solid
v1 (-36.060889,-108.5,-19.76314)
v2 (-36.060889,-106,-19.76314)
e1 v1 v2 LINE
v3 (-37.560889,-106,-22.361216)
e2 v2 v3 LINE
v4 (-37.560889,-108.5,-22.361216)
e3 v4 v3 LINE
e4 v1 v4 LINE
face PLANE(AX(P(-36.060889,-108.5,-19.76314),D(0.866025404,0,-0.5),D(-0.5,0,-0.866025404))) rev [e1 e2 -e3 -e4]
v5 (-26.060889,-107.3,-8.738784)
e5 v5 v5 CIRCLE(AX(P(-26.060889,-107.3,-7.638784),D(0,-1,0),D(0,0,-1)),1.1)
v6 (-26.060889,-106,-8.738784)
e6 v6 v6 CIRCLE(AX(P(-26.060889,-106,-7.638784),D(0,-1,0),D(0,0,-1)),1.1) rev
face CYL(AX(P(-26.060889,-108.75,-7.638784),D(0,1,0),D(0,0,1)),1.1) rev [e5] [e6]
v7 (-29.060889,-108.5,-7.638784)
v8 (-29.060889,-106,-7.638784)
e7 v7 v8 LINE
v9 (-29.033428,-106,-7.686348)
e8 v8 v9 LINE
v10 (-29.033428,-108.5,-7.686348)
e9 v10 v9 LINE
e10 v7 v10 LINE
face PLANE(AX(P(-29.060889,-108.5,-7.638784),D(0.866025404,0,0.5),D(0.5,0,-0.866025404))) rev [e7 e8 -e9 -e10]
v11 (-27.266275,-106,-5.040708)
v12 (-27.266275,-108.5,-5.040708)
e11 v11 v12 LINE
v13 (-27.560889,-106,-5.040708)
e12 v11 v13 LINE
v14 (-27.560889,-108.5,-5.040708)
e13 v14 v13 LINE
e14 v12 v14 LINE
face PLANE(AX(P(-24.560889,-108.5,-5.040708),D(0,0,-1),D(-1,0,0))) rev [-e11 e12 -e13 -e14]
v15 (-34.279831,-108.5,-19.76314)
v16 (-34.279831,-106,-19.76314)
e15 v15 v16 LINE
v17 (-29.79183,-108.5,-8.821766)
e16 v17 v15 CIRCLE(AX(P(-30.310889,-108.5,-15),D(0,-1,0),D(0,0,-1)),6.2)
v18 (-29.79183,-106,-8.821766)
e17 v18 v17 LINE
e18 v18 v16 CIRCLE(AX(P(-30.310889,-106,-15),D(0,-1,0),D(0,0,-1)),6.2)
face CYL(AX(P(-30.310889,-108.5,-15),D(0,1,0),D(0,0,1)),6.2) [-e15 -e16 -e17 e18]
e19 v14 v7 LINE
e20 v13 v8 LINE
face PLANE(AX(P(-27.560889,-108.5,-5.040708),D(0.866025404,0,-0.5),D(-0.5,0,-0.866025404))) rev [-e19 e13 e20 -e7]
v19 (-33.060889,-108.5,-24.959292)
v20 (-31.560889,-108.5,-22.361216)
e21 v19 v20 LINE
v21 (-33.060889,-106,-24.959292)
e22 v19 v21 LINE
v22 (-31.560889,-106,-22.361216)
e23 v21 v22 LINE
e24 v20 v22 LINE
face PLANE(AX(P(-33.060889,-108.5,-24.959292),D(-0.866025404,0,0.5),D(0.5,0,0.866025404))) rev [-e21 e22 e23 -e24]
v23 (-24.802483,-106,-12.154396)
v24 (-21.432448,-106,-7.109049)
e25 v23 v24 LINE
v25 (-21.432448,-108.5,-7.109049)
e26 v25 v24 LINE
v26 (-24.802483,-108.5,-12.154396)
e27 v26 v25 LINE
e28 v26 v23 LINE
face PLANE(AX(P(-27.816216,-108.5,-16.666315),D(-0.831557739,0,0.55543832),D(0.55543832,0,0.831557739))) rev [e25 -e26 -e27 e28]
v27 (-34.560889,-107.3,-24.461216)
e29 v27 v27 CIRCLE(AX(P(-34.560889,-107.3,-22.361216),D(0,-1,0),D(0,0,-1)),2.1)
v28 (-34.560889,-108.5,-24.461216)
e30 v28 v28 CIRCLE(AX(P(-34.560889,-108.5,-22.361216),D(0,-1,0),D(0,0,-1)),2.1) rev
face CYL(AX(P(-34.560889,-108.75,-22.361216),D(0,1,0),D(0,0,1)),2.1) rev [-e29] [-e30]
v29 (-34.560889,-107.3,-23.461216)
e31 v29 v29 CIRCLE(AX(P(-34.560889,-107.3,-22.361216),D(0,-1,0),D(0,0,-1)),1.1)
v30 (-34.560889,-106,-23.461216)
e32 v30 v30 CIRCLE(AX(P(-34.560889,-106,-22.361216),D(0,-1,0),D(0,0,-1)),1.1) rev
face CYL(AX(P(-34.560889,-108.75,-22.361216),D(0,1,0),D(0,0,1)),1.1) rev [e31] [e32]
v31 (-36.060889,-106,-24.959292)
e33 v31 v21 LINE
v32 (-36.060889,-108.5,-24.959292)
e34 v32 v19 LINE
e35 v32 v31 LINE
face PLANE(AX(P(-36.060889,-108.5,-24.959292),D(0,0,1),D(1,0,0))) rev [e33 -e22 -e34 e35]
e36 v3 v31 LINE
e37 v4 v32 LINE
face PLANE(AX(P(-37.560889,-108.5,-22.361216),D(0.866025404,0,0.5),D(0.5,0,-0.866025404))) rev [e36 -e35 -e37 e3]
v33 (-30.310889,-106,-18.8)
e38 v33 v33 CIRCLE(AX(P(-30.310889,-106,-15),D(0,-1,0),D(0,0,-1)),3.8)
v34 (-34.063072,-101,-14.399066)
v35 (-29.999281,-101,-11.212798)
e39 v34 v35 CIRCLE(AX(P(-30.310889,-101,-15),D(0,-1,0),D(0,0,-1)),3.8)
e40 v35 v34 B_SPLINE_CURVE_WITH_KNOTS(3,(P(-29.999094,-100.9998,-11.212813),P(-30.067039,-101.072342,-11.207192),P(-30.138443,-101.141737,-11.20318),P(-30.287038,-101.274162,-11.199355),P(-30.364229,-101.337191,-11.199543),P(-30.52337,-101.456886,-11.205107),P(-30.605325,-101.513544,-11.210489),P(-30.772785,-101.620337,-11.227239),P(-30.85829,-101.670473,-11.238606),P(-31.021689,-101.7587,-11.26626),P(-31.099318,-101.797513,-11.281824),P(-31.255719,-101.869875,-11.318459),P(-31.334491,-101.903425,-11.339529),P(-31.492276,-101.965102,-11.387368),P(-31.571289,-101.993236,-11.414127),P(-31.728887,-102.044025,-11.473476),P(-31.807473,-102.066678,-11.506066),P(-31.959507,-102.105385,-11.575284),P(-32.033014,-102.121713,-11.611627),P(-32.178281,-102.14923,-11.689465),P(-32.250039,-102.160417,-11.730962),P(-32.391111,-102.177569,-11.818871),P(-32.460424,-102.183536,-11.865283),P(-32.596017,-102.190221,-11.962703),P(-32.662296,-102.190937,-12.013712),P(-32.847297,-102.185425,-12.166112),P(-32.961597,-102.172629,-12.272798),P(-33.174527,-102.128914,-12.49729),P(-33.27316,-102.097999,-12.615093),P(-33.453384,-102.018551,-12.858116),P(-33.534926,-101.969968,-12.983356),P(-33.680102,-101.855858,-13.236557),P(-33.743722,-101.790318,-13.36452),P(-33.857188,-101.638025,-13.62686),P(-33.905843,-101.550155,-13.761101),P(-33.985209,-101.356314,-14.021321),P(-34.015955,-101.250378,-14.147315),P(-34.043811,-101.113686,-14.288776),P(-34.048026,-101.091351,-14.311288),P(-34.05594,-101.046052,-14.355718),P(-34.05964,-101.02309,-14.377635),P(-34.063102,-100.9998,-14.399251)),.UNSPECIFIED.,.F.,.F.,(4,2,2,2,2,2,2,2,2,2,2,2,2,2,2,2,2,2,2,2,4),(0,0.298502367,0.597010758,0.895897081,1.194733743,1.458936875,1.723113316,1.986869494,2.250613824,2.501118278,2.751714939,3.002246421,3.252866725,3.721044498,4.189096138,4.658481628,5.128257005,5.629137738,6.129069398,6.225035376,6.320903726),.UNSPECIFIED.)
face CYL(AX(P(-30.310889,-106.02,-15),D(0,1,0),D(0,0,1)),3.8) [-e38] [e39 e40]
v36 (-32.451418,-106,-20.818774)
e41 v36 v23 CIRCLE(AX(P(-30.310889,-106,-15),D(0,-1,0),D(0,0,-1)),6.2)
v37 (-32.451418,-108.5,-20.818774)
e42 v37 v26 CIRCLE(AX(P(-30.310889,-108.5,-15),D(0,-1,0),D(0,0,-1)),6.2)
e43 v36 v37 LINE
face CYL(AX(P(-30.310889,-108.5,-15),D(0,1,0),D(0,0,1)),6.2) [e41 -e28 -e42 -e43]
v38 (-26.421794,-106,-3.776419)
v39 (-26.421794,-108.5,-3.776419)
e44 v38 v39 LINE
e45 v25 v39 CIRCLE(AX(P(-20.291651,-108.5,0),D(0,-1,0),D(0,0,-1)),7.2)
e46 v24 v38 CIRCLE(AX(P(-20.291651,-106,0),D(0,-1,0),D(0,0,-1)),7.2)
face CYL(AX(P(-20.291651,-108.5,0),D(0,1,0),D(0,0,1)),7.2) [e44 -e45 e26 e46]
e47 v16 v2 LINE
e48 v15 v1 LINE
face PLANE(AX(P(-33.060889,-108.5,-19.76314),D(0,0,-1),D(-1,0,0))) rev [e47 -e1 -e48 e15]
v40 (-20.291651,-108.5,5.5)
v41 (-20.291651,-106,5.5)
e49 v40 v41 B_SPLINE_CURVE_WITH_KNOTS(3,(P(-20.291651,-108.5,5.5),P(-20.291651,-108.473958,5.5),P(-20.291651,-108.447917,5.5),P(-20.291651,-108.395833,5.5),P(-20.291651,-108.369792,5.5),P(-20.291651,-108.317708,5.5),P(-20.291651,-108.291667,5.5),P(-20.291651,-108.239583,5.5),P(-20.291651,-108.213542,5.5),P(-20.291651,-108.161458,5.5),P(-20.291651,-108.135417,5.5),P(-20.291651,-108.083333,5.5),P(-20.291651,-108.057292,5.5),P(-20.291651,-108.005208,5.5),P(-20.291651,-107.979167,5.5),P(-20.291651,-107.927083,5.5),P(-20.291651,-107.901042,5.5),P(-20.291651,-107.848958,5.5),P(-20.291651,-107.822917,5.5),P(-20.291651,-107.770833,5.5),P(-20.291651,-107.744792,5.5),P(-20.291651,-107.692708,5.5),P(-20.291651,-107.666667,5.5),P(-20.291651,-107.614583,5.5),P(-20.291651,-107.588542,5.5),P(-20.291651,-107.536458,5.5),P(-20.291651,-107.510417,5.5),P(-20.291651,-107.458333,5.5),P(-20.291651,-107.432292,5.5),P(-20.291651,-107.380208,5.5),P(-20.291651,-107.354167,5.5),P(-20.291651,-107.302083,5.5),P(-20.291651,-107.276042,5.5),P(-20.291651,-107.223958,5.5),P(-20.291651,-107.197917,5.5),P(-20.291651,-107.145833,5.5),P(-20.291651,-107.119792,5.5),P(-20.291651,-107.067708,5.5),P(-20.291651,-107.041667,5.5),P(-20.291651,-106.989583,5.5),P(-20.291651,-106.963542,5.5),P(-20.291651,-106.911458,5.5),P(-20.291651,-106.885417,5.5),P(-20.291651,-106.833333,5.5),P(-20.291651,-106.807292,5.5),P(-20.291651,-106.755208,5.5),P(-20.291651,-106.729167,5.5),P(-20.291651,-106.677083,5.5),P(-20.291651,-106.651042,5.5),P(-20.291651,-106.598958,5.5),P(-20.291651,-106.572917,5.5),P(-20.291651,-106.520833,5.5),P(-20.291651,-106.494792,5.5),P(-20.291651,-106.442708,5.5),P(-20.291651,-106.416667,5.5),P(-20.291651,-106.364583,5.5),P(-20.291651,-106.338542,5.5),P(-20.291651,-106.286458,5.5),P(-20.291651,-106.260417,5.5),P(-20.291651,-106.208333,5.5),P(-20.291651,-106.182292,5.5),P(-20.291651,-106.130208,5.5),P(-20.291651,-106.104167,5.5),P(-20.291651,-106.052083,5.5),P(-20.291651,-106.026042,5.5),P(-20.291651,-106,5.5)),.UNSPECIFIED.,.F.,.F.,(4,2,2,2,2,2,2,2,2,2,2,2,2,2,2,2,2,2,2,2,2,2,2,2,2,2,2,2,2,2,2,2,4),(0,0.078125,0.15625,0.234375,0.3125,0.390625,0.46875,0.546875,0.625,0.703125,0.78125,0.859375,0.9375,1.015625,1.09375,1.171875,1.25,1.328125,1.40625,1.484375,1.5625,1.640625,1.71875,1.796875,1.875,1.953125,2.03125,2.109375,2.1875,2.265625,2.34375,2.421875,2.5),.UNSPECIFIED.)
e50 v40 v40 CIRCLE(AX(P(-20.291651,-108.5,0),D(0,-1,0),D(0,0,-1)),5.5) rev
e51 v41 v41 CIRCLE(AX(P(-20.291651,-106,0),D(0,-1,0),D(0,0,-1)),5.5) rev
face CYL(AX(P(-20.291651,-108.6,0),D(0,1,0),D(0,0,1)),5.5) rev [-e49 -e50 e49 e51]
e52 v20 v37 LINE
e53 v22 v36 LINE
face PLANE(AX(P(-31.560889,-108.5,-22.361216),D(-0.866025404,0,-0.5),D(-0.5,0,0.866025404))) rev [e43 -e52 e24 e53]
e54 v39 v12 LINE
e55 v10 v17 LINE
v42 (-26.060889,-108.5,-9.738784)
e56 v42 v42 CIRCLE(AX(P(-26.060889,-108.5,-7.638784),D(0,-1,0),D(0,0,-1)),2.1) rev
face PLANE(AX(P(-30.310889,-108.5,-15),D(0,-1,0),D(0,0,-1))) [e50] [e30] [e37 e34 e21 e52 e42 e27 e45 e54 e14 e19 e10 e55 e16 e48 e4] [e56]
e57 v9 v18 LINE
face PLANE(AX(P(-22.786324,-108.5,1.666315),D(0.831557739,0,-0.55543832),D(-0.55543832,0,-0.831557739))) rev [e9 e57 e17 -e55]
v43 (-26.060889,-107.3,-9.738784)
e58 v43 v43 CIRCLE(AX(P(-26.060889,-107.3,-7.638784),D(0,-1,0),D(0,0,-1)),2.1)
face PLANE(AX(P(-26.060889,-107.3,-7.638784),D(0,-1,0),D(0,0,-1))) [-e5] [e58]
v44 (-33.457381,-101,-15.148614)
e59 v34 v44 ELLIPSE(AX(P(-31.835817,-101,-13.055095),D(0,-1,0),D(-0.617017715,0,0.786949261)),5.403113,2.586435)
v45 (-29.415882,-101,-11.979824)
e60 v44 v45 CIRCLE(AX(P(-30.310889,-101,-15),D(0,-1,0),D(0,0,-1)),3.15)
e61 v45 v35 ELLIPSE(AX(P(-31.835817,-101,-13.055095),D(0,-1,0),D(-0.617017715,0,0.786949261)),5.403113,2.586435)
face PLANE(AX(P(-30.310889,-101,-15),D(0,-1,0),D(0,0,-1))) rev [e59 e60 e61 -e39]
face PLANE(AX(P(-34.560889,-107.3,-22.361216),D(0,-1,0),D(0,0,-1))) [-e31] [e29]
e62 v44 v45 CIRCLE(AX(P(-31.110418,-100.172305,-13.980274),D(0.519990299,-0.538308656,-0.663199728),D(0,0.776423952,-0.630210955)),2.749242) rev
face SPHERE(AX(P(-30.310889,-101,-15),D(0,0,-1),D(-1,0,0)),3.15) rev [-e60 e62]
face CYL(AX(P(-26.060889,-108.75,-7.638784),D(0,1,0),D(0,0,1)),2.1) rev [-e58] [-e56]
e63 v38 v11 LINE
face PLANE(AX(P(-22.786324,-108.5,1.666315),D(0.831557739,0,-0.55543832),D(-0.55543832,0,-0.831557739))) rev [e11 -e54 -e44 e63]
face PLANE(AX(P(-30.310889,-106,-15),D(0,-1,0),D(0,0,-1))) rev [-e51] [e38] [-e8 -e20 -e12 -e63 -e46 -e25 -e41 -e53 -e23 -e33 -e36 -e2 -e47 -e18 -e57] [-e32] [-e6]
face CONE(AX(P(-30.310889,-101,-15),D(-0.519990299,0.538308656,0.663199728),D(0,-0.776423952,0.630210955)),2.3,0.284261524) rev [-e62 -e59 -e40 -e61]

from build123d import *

# Parameters (mm, degrees)
RETAINER_FEATURE_1_PROFILE_R  = 3.8
RETAINER_FEATURE_1_DEPTH      = 5.02
RETAINER_FEATURE_2_PROFILE_R  = 6.2
RETAINER_FEATURE_2_DEPTH      = 2.5
RETAINER_FEATURE_5_DEPTH      = 2.5
RETAINER_FEATURE_8_DEPTH      = 2.5
RETAINER_FEATURE_12_DEPTH     = 2.5
RETAINER_FEATURE_13_PROFILE_R = 7.2
RETAINER_FEATURE_13_DEPTH     = 2.5
RETAINER_FEATURE_14_PROFILE_R = 5.5
RETAINER_FEATURE_14_DEPTH     = 2.7
RETAINER_FEATURE_15_PROFILE_R = 1.1
RETAINER_FEATURE_15_DEPTH     = 3.75
RETAINER_FEATURE_16_PROFILE_R = 2.1
RETAINER_FEATURE_16_DEPTH     = 1.45
RETAINER_FEATURE_17_PROFILE_R = 1.1
RETAINER_FEATURE_17_DEPTH     = 3.75
RETAINER_FEATURE_18_PROFILE_R = 2.1
RETAINER_FEATURE_18_DEPTH     = 1.45


with BuildPart() as part:
    # Retainer Feature 1 profile → Retainer Feature 1 (new body)
    with BuildSketch(Plane(origin=(0, -101, 0), x_dir=(-1, 0, 0), z_dir=(0, -1, 0))):
        with Locations(Location((30.310889132, 15, 0), (0, 0, 90))):
            Circle(RETAINER_FEATURE_1_PROFILE_R)
    extrude(amount=RETAINER_FEATURE_1_DEPTH)

    # Retainer Feature 2 profile → Retainer Feature 2 (add)
    with BuildSketch(Plane(origin=(0, -106, 0), x_dir=(-1, 0, 0), z_dir=(0, -1, 0))):
        with Locations(Location((30.310889132, 15, 0), (0, 0, 90))):
            Circle(RETAINER_FEATURE_2_PROFILE_R)
    extrude(amount=RETAINER_FEATURE_2_DEPTH)

    # Middle Right Floating Compression Ball R → Retainer Feature 5 (add)
    with BuildSketch(Plane(origin=(0, -106, 0), x_dir=(-1, 0, 0), z_dir=(0, -1, 0))):
        Polygon((31.560889132, 22.361215932), (33.060889132, 19.763139721), (36.060889132, 19.763139721), (37.560889132, 22.361215932), (36.060889132, 24.959292144), (33.060889132, 24.959292144), align=None)
    extrude(amount=RETAINER_FEATURE_5_DEPTH)

    # Middle Right Floating Compression Ba 2 → Retainer Feature 8 (add)
    with BuildSketch(Plane(origin=(0, -106, 0), x_dir=(-1, 0, 0), z_dir=(0, -1, 0))):
        Polygon((23.060889132, 7.638784068), (24.560889132, 5.040707856), (27.560889132, 5.040707856), (29.060889132, 7.638784068), (27.560889132, 10.236860279), (24.560889132, 10.236860279), align=None)
    extrude(amount=RETAINER_FEATURE_8_DEPTH)

    # Retainer Feature 9 profile → Retainer Feature 9 (revolve, cut)
    with BuildSketch(Plane(origin=(0, -101, 0), x_dir=(-1, 0, 0), z_dir=(0, -1, 0))):
        with BuildLine():
            Line((30.310889132, 11.85), (30.310889132, 18.15))
            ThreePointArc((30.310889132, 18.15), (27.160889132, 15), (30.310889132, 11.85))
        make_face()
    revolve(axis=Axis((-30.310889132, -101, -25), (0, 0, 1)), mode=Mode.SUBTRACT)

    # Middle Right Floating Compression Ba 3 → Retainer Feature 12 (add)
    with BuildSketch(Plane(origin=(0, -106, 0), x_dir=(-1, 0, 0), z_dir=(0, -1, 0))):
        Polygon((27.816215917, 16.66631496), (17.79697803, 1.66631496), (22.786324462, -1.66631496), (32.805562348, 13.33368504), align=None)
    extrude(amount=RETAINER_FEATURE_12_DEPTH)

    # Retainer Feature 13 profile → Retainer Feature 13 (add)
    with BuildSketch(Plane(origin=(0, -106, 0), x_dir=(-1, 0, 0), z_dir=(0, -1, 0))):
        with Locations((20.291651246, 0)):
            Circle(RETAINER_FEATURE_13_PROFILE_R)
    extrude(amount=RETAINER_FEATURE_13_DEPTH)

    # Retainer Feature 14 profile → Retainer Feature 14 (cut)
    with BuildSketch(Plane(origin=(0, -105.9, 0), x_dir=(-1, 0, 0), z_dir=(0, -1, 0))):
        with Locations(Location((20.291651246, 0, 0), (0, 0, 270))):
            Circle(RETAINER_FEATURE_14_PROFILE_R)
    extrude(amount=RETAINER_FEATURE_14_DEPTH, mode=Mode.SUBTRACT)

    # Retainer Feature 15 profile → Retainer Feature 15 (cut)
    with BuildSketch(Plane(origin=(0, -105, 0), x_dir=(-1, 0, 0), z_dir=(0, -1, 0))):
        with Locations(Location((34.560889132, 22.361215932, 0), (0, 0, 90))):
            Circle(RETAINER_FEATURE_15_PROFILE_R)
    extrude(amount=RETAINER_FEATURE_15_DEPTH, mode=Mode.SUBTRACT)

    # Retainer Feature 16 profile → Retainer Feature 16 (cut)
    with BuildSketch(Plane(origin=(0, -107.3, 0), x_dir=(-1, 0, 0), z_dir=(0, -1, 0))):
        with Locations(Location((34.560889132, 22.361215932, 0), (0, 0, 90))):
            Circle(RETAINER_FEATURE_16_PROFILE_R)
    extrude(amount=RETAINER_FEATURE_16_DEPTH, mode=Mode.SUBTRACT)

    # Retainer Feature 17 profile → Retainer Feature 17 (cut)
    with BuildSketch(Plane(origin=(0, -105, 0), x_dir=(-1, 0, 0), z_dir=(0, -1, 0))):
        with Locations(Location((26.060889132, 7.638784068, 0), (0, 0, 90))):
            Circle(RETAINER_FEATURE_17_PROFILE_R)
    extrude(amount=RETAINER_FEATURE_17_DEPTH, mode=Mode.SUBTRACT)

    # Retainer Feature 18 profile → Retainer Feature 18 (cut)
    with BuildSketch(Plane(origin=(0, -107.3, 0), x_dir=(-1, 0, 0), z_dir=(0, -1, 0))):
        with Locations(Location((26.060889132, 7.638784068, 0), (0, 0, 90))):
            Circle(RETAINER_FEATURE_18_PROFILE_R)
    extrude(amount=RETAINER_FEATURE_18_DEPTH, mode=Mode.SUBTRACT)

    # Articulation Throat Sketch → Articulation Throat (revolve, cut)
    with BuildSketch(Plane(origin=(-55.559435073, -21.315405316, -26.260716517), x_dir=(0.37694407644157146, 0.1446147852349051, -0.9148768917876727), z_dir=(0.8541721659092646, 0.32770358269776195, 0.4037329227012915))):
        Polygon((-12.308450042, -83.441173866), (-10.724100051, -81.773890115), (-22.767880189, -61.059022025), (-28.981287547, -67.597673951), align=None)
    revolve(axis=Axis((-25.110986143, -106.383086561, -21.631997284), (-0.5199902989343897, 0.5383086561091633, 0.6631997284167648)), mode=Mode.SUBTRACT)


solid = part.part
